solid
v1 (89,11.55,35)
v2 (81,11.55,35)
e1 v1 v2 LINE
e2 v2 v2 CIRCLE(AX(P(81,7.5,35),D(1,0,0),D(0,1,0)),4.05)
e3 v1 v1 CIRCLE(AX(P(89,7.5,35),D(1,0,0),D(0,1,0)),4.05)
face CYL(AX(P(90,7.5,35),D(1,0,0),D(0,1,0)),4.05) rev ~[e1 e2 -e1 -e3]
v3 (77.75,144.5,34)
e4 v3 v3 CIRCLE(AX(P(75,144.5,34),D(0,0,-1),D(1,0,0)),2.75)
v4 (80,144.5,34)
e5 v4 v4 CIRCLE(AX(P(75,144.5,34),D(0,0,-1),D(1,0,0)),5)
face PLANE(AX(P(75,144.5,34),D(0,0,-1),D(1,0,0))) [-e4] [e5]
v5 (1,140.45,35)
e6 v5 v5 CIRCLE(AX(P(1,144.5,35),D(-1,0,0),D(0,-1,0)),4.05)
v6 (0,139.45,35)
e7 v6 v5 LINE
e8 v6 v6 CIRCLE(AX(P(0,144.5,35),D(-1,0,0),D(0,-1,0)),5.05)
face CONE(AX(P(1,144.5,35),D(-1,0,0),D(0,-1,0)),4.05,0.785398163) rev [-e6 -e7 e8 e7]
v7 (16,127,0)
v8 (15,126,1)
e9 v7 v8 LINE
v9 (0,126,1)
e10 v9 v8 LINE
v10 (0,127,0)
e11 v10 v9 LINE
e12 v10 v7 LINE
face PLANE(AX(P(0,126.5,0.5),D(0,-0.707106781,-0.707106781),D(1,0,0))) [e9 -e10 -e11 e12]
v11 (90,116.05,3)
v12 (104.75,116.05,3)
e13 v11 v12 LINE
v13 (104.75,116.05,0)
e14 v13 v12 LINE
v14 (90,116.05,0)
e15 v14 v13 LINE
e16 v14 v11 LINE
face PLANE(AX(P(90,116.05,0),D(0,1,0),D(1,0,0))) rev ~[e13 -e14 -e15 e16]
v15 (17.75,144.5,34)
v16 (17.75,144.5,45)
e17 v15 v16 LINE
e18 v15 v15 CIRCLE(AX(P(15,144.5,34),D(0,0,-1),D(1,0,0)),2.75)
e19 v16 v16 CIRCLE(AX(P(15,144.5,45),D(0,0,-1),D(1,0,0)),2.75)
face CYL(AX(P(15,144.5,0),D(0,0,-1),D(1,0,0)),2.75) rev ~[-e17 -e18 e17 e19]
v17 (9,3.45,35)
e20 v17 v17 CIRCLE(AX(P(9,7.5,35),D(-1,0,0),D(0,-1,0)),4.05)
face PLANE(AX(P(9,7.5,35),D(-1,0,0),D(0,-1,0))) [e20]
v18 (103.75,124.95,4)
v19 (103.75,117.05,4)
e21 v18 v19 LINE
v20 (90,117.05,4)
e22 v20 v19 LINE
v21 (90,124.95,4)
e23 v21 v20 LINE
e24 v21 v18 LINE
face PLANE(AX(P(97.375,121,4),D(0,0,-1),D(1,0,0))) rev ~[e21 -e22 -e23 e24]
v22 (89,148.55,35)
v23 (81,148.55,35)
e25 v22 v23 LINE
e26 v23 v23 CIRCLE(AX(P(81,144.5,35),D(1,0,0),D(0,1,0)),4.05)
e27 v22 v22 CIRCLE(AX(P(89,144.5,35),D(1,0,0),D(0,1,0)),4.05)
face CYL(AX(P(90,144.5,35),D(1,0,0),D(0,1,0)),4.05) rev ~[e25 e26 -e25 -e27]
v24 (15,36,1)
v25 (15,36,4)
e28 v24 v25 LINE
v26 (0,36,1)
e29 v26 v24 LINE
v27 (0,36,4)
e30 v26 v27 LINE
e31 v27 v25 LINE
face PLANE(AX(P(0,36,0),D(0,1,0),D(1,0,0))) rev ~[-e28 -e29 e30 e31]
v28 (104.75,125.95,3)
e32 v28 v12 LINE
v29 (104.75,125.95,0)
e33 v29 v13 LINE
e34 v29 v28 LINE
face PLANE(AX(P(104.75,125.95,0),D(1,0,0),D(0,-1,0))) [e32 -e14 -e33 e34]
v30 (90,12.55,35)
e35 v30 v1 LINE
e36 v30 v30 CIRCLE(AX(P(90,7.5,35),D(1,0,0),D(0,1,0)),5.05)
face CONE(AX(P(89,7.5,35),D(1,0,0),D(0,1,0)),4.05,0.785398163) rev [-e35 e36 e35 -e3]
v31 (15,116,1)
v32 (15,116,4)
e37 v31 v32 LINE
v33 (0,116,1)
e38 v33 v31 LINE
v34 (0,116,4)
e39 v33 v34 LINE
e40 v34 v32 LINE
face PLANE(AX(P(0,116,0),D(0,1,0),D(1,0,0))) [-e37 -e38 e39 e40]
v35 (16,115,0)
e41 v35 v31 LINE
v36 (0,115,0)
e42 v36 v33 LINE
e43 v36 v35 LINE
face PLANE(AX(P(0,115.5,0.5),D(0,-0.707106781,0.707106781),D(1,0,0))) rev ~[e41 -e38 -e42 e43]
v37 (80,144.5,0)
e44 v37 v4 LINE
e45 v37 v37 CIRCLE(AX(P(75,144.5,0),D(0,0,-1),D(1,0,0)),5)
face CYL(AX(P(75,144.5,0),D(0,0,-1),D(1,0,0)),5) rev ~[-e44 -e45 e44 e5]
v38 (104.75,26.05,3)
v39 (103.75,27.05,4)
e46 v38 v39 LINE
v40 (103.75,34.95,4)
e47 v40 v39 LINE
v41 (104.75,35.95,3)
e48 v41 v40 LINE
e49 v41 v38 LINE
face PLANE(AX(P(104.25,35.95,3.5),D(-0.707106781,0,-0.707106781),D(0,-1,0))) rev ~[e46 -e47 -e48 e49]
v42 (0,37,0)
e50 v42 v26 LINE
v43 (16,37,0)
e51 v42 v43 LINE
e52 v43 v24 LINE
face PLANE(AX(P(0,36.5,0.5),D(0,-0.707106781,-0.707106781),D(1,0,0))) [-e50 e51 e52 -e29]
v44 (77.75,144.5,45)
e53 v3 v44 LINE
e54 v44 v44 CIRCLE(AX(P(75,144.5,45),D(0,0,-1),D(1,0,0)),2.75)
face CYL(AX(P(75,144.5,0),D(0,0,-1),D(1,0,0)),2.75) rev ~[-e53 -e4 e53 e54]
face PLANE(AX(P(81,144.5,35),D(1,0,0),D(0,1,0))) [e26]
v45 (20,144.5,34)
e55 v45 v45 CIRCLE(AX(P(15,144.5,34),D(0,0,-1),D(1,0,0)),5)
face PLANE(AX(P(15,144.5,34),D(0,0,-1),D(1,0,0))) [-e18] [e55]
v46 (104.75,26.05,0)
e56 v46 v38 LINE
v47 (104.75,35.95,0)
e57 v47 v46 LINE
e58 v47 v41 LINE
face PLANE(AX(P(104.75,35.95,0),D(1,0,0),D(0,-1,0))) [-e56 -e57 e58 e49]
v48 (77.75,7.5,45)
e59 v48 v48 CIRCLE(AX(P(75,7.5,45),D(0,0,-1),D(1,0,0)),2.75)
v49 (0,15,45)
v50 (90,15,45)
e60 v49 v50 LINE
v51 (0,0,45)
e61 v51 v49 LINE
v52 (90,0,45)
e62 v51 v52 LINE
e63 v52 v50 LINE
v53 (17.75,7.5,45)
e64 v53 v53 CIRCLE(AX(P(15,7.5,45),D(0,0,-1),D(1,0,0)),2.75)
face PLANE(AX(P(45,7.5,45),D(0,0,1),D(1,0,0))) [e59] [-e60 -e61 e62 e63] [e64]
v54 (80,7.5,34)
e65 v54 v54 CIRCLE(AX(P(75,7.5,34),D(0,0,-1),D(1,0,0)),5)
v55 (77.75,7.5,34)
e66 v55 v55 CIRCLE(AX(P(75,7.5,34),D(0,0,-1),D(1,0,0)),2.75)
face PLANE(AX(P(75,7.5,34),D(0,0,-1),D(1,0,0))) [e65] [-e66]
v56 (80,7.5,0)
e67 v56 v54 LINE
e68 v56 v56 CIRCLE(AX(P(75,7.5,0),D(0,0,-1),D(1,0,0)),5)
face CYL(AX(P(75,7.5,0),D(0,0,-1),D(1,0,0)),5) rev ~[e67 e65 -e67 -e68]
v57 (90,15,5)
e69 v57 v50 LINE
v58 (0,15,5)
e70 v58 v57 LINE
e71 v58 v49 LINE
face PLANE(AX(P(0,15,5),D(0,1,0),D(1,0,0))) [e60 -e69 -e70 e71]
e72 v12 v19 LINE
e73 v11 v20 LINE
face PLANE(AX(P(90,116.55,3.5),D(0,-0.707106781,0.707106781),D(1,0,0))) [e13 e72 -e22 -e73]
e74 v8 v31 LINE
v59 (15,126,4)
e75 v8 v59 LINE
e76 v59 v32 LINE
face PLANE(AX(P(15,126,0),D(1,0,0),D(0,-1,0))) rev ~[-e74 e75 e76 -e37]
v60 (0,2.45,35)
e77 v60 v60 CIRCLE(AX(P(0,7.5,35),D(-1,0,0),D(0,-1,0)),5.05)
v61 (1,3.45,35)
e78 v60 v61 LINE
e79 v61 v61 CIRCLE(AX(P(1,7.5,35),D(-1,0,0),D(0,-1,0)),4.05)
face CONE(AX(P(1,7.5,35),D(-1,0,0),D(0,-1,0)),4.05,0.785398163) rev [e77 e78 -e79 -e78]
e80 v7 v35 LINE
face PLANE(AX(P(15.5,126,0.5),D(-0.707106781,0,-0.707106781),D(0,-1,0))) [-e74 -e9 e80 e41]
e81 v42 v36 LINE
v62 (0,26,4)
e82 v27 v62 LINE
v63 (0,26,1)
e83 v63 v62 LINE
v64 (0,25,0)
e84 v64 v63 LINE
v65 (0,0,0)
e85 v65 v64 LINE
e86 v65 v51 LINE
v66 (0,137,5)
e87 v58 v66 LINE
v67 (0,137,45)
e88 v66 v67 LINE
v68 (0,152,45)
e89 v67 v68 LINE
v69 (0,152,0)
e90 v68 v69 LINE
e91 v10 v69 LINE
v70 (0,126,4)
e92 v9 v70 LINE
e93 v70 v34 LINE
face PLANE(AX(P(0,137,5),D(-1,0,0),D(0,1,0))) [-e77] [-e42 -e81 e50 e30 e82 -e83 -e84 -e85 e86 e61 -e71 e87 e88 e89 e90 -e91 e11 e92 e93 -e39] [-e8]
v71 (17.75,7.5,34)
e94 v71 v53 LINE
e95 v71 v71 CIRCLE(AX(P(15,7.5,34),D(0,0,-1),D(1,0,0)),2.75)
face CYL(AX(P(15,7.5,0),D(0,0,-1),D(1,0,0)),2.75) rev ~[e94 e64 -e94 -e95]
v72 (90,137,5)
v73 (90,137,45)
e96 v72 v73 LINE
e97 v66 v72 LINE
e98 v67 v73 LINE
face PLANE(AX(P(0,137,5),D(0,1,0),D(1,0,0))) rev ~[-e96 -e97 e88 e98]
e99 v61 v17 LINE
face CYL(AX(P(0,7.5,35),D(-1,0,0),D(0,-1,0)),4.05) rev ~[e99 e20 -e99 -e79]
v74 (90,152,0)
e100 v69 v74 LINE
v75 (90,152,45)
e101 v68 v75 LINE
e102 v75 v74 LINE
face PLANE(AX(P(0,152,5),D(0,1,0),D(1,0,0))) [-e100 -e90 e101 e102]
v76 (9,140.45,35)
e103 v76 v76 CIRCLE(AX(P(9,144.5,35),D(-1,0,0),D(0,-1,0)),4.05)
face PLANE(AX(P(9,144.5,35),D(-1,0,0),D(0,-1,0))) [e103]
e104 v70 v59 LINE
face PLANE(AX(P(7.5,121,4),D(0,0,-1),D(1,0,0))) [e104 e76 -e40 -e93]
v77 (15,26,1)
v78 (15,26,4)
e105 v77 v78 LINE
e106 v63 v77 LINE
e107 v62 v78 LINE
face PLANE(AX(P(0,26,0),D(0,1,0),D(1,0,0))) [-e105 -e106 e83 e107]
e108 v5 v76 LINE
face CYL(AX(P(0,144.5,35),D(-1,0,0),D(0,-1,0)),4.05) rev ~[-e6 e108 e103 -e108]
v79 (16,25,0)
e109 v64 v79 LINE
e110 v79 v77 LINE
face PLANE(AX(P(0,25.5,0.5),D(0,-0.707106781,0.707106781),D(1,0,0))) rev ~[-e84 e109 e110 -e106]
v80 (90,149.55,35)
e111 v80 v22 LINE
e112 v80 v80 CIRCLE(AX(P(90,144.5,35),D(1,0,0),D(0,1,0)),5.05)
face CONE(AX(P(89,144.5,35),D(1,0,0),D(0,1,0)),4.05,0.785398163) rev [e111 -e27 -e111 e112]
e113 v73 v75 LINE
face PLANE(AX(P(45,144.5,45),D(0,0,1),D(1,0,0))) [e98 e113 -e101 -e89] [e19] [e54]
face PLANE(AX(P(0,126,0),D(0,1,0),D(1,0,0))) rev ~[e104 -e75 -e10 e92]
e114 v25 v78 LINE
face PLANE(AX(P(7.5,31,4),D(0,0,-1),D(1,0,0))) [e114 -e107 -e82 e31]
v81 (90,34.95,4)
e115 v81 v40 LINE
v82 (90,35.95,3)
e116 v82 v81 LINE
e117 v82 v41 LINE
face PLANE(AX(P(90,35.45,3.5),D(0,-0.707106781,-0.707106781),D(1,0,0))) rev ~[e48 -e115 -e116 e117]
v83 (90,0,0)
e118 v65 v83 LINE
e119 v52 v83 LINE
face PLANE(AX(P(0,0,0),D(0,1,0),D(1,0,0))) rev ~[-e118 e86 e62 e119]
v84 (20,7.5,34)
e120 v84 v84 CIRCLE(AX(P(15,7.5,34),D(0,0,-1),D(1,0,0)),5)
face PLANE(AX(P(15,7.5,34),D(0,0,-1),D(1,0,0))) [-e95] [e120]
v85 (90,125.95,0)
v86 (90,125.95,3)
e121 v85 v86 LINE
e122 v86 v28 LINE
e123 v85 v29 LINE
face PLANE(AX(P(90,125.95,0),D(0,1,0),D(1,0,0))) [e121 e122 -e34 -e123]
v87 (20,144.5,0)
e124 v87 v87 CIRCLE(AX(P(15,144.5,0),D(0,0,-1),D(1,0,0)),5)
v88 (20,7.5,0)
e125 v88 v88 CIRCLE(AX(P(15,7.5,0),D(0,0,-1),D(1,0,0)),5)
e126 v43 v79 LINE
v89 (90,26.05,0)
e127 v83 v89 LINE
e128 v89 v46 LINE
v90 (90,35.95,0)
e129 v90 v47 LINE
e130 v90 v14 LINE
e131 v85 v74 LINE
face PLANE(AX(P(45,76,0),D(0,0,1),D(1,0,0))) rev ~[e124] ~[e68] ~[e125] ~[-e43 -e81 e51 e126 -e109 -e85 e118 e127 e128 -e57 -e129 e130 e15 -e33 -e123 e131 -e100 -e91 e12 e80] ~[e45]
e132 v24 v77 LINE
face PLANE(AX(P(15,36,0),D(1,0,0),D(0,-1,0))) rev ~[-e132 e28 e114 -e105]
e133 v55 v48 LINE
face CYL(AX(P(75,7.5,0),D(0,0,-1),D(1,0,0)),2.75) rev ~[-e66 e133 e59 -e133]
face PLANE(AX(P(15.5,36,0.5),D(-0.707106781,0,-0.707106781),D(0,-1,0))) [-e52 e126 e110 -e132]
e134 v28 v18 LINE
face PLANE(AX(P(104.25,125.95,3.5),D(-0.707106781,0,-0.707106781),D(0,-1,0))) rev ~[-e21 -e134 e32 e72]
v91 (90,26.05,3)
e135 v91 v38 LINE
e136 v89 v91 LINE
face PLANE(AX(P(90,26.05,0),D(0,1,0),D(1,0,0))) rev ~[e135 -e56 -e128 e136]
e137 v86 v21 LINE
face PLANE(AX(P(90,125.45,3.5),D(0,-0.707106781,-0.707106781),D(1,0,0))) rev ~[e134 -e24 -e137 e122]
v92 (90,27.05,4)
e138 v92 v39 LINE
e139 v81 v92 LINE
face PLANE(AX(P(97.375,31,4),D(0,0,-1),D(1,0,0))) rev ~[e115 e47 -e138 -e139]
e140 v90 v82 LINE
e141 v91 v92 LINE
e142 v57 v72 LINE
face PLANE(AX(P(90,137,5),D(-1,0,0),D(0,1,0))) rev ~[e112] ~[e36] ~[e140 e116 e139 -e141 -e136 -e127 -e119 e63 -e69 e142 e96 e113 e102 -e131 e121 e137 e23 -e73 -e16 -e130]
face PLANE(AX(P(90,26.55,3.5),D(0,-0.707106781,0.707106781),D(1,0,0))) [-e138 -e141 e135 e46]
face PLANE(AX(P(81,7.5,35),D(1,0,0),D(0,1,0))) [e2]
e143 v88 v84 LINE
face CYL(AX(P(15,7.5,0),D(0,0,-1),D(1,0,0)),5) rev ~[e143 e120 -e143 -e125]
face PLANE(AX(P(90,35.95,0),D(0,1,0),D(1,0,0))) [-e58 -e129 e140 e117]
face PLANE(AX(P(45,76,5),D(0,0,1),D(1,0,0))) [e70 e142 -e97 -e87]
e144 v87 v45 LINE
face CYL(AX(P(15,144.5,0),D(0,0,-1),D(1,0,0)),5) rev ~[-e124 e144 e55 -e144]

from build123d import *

# Parameters (mm, degrees)
SKETCH_W        = 90
SKETCH_H        = 152
PAD_DEPTH       = 5
SKETCH001_W     = 14.75
SKETCH001_H     = 9.9
PAD001_DEPTH    = 4
SKETCH002_W     = 15
SKETCH002_H     = 10
POCKET_DEPTH    = 4
SKETCH003_W     = 90
SKETCH003_H     = 15
PAD002_DEPTH    = 40
SKETCH004_R     = 2.75
POCKET001_DEPTH = 45.001
SKETCH005_R     = 5
POCKET002_DEPTH = 34
CHAMFER_SIZE    = 1
SKETCH006_R     = 4.05
POCKET003_DEPTH = 9
SKETCH007_R     = 4.05
POCKET004_DEPTH = 9
CHAMFER001_SIZE = 1


with BuildPart() as part:
    # Sketch → Pad (new body)
    with BuildSketch(Plane.XY):
        with Locations((45, 76)):
            Rectangle(SKETCH_W, SKETCH_H)
    extrude(amount=PAD_DEPTH)

    # Sketch001 (on Face5 of Pad) → Pad001 (join)
    with BuildSketch(Plane(origin=(0, 0, 0), x_dir=(1, 0, 0), z_dir=(0, 0, -1))):
        with Locations((97.375, -31)):
            Rectangle(SKETCH001_W, SKETCH001_H)
        with Locations((97.375, -121)):
            Rectangle(SKETCH001_W, SKETCH001_H)
    extrude(amount=-PAD001_DEPTH)

    # Sketch002 (on Face14 of Pad001) → Pocket (cut)
    with BuildSketch(Plane(origin=(0, 0, 0), x_dir=(1, 0, 0), z_dir=(0, 0, -1))):
        with Locations((7.5, -31)):
            Rectangle(SKETCH002_W, SKETCH002_H)
        with Locations((7.5, -121)):
            Rectangle(SKETCH002_W, SKETCH002_H)
    extrude(amount=-POCKET_DEPTH, mode=Mode.SUBTRACT)

    # Sketch003 (on Face5 of Pocket) → Pad002 (join)
    with BuildSketch(Plane.XY.offset(5)):
        with Locations((45, 144.5)):
            Rectangle(SKETCH003_W, SKETCH003_H)
        with Locations((45, 7.5)):
            Rectangle(SKETCH003_W, SKETCH003_H)
    extrude(amount=PAD002_DEPTH)

    # Sketch004 (on Face1 of Pad002) → Pocket001 (cut, through all)
    with BuildSketch(Plane(origin=(0, 0, 0), x_dir=(1, 0, 0), z_dir=(0, 0, -1))):
        with Locations((15, -7.5)):
            Circle(SKETCH004_R)
        with Locations((75, -7.5)):
            Circle(SKETCH004_R)
        with Locations((75, -144.5)):
            Circle(SKETCH004_R)
        with Locations((15, -144.5)):
            Circle(SKETCH004_R)
    extrude(amount=-POCKET001_DEPTH, mode=Mode.SUBTRACT)

    # Sketch005 (on Face1 of Pocket001) → Pocket002 (cut)
    with BuildSketch(Plane(origin=(0, 0, 0), x_dir=(1, 0, 0), z_dir=(0, 0, -1))):
        with Locations((15, -7.5)):
            Circle(SKETCH005_R)
        with Locations((75, -7.5)):
            Circle(SKETCH005_R)
        with Locations((75, -144.5)):
            Circle(SKETCH005_R)
        with Locations((15, -144.5)):
            Circle(SKETCH005_R)
    extrude(amount=-POCKET002_DEPTH, mode=Mode.SUBTRACT)

    # Chamfer
    chamfer_edges = [part.edges().sort_by_distance(p)[0] for p in [
        (97.375, 116.05, 4),
        (104.75, 121, 4),
        (97.375, 125.95, 4),
        (104.75, 31, 4),
        (97.375, 35.95, 4),
        (97.375, 26.05, 4),
        (7.5, 36, 0),
        (15, 31, 0),
        (7.5, 26, 0),
        (7.5, 126, 0),
        (15, 121, 0),
        (7.5, 116, 0),
    ]]
    chamfer(chamfer_edges, length=CHAMFER_SIZE)

    # Sketch006 (on Face6 of Chamfer) → Pocket003 (cut)
    with BuildSketch(Plane.YZ.offset(90)):
        with Locations((7.5, 35)):
            Circle(SKETCH006_R)
        with Locations((144.5, 35)):
            Circle(SKETCH006_R)
    extrude(amount=-POCKET003_DEPTH, mode=Mode.SUBTRACT)

    # Sketch007 (on Face2 of Pocket003) → Pocket004 (cut)
    with BuildSketch(Plane(origin=(0, 0, 0), x_dir=(0, -1, 0), z_dir=(-1, 0, 0))):
        with Locations((-144.5, 35)):
            Circle(SKETCH007_R)
        with Locations((-7.5, 35)):
            Circle(SKETCH007_R)
    extrude(amount=-POCKET004_DEPTH, mode=Mode.SUBTRACT)

    # Chamfer001
    chamfer001_edges = [part.edges().sort_by_distance(p)[0] for p in [
        (0, 11.55, 35),
        (0, 148.55, 35),
        (90, 3.45, 35),
        (90, 140.45, 35),
    ]]
    chamfer(chamfer001_edges, length=CHAMFER001_SIZE)


solid = part.part
